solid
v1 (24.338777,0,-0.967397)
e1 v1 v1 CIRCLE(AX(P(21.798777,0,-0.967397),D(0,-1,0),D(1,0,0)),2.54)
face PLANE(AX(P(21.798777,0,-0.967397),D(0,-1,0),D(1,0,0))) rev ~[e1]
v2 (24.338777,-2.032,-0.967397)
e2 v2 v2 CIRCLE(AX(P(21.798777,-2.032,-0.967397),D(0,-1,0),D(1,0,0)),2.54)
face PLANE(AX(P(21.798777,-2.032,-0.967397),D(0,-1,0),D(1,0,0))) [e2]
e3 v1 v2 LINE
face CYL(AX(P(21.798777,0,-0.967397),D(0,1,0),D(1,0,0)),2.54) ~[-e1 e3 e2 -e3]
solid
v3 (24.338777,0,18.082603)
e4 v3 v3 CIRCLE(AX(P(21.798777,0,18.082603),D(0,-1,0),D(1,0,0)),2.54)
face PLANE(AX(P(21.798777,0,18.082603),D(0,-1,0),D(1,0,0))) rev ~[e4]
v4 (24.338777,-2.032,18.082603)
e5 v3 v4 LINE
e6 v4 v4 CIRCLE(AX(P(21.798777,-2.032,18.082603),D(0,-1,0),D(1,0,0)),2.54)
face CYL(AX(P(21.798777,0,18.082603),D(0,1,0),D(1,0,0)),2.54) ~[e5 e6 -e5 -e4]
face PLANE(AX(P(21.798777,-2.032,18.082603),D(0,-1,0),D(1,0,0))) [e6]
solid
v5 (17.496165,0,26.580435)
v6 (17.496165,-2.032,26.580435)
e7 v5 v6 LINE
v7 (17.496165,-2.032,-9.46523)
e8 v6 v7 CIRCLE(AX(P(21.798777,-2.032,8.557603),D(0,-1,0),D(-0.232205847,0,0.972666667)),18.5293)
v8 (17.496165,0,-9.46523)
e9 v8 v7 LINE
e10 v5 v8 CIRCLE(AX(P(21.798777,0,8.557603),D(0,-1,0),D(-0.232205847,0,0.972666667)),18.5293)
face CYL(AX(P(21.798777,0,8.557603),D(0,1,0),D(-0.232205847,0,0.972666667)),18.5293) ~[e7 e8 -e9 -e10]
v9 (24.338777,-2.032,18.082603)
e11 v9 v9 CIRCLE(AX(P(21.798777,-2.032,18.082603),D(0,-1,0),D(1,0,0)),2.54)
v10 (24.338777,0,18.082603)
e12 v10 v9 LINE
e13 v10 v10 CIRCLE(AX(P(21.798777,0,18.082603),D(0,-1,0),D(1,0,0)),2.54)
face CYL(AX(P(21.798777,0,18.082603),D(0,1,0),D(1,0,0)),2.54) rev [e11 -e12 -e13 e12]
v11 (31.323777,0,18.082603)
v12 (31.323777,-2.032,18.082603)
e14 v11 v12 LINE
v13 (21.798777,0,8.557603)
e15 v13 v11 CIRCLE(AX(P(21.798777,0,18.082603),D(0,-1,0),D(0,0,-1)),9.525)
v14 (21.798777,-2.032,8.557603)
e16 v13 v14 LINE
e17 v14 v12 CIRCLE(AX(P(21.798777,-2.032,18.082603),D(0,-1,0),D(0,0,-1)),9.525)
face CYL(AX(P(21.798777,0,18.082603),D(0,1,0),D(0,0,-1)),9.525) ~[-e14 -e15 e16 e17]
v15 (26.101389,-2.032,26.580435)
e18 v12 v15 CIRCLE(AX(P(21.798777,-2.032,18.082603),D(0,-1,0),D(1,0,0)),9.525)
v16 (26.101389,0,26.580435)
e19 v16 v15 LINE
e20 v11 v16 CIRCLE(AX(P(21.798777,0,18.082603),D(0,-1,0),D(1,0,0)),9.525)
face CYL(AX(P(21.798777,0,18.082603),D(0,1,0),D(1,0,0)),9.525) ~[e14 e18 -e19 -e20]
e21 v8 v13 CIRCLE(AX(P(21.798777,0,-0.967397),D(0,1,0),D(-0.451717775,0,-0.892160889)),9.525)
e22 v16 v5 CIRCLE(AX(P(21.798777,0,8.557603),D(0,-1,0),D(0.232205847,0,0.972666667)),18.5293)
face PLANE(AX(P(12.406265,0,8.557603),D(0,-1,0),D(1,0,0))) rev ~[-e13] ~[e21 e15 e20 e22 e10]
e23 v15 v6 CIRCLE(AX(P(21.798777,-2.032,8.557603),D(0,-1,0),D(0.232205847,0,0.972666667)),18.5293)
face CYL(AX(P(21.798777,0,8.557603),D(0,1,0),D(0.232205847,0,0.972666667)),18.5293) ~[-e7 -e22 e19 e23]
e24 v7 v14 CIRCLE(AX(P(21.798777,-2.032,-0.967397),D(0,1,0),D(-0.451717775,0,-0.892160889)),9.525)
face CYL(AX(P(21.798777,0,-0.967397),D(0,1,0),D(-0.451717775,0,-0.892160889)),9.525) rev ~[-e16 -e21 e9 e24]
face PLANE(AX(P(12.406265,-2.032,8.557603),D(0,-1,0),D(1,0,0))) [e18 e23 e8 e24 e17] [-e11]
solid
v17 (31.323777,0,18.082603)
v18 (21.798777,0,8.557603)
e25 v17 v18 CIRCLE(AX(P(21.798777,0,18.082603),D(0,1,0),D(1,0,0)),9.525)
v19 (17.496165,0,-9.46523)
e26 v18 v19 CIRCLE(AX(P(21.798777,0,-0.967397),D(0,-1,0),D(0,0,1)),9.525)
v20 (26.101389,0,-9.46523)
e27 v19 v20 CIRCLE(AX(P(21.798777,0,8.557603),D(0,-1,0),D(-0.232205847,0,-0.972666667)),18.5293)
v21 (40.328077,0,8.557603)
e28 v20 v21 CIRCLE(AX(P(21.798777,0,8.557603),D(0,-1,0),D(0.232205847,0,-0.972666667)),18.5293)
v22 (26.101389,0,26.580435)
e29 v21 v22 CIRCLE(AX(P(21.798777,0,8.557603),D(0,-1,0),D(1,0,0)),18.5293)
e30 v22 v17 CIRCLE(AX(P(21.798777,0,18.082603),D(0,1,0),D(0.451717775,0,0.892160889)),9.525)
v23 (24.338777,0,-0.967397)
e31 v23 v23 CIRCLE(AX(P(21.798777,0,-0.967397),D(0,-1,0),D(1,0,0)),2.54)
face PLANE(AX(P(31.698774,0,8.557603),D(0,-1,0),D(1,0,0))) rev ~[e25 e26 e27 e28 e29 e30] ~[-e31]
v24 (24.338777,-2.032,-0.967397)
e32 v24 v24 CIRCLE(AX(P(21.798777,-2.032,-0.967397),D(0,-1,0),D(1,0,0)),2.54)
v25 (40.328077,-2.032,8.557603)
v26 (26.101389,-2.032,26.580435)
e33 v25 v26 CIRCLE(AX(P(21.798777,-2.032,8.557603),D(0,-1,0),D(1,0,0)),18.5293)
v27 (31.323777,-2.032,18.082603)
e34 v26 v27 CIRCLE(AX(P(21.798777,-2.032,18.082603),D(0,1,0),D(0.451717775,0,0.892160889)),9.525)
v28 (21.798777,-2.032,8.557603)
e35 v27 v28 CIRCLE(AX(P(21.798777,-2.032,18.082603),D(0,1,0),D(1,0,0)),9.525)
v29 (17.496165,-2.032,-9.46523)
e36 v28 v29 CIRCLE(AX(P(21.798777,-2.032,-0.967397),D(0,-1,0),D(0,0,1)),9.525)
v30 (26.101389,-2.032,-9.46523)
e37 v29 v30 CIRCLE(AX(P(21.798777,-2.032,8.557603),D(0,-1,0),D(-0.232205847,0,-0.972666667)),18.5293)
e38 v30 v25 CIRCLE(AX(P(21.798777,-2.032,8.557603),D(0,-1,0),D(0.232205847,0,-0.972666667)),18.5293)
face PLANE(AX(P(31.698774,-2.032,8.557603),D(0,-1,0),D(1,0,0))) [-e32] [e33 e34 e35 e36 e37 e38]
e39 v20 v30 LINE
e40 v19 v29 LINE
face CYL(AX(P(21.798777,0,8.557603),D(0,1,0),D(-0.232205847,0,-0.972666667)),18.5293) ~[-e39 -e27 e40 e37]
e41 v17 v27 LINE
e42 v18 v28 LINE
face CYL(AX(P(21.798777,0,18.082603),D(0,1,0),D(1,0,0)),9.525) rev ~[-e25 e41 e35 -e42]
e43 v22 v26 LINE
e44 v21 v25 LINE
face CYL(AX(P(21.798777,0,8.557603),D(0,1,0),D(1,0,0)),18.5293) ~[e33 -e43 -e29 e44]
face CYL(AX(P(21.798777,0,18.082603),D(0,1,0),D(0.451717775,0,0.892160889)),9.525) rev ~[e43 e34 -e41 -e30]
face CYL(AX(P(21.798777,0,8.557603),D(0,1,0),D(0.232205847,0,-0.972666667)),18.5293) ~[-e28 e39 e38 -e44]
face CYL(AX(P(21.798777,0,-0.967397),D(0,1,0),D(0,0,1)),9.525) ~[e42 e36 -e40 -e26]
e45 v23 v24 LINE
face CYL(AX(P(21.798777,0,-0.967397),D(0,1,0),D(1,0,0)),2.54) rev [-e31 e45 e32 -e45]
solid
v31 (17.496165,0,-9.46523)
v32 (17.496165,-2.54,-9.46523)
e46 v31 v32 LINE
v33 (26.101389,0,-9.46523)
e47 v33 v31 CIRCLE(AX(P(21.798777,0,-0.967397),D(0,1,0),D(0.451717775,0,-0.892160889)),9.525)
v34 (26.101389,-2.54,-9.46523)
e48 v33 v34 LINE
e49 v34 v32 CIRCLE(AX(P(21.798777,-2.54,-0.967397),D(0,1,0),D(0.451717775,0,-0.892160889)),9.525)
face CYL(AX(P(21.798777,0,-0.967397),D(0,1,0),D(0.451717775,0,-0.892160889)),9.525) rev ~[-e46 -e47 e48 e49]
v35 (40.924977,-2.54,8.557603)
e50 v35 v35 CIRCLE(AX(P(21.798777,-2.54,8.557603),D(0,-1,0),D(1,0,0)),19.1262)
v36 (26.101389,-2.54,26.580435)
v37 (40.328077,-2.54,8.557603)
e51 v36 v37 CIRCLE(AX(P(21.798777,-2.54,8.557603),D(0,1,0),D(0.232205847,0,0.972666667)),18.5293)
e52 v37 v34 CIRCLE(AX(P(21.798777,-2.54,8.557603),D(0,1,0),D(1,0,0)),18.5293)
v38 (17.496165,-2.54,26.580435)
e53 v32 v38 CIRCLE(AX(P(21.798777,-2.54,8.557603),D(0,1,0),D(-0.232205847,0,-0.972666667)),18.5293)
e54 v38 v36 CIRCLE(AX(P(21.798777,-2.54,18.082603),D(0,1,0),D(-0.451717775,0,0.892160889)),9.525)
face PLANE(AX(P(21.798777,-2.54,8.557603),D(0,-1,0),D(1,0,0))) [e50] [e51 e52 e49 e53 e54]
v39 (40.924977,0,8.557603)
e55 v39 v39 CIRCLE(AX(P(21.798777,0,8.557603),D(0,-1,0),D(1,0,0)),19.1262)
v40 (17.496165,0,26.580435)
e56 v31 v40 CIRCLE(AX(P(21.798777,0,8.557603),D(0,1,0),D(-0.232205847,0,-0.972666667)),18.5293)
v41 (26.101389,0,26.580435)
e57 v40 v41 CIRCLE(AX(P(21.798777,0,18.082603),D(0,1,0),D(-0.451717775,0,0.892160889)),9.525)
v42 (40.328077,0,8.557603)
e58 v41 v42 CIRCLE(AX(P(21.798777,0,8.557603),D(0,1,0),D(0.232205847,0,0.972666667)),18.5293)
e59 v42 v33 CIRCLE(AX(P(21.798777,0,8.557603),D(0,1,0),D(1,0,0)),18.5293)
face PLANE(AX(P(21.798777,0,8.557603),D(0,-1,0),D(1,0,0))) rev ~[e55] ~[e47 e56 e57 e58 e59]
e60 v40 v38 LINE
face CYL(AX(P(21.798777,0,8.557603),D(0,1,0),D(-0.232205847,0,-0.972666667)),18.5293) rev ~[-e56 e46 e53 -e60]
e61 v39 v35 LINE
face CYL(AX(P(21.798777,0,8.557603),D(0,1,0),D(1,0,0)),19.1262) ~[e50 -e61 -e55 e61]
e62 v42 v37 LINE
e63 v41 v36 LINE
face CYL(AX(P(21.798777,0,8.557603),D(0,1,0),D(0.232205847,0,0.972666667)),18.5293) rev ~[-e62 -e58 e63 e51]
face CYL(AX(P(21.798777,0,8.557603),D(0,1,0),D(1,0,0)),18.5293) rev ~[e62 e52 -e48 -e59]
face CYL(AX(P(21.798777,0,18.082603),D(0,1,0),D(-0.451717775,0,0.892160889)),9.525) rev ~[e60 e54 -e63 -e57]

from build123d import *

# Parameters (mm, degrees)
F0_R     = 2.54
F1_DEPTH = 2.032
F2_DEPTH = 2.032
F0_R_2   = 19.1262
F3_DEPTH = 2.54


with BuildPart() as f1:
    # F0 (on Front) → F1 (new body)
    with BuildSketch(Plane.XZ):
        with BuildLine():
            ThreePointArc((21.798777159, 8.5576027294), (12.534127159, 15.8708420332), (17.4961653512, 26.5804351961))
            ThreePointArc((17.4961653512, 26.5804351961), (3.269477159, 8.5576027294), (17.4961653512, -9.4652297372))
            ThreePointArc((17.4961653512, -9.4652297372), (12.534127159, 1.2443634257), (21.798777159, 8.5576027294))
        make_face()
        with BuildLine():
            ThreePointArc((31.323777159, 18.0826027294), (29.913824986, 23.0697485831), (26.1013889668, 26.5804351961))
            ThreePointArc((26.1013889668, 26.5804351961), (21.798777159, 27.0869027294), (17.4961653512, 26.5804351961))
            ThreePointArc((17.4961653512, 26.5804351961), (12.534127159, 15.8708420332), (21.798777159, 8.5576027294))
            ThreePointArc((21.798777159, 8.5576027294), (28.5339692498, 11.3474106386), (31.323777159, 18.0826027294))
        make_face()
        with Locations((21.798777159, 18.0826027294)):
            Circle(F0_R, mode=Mode.SUBTRACT)
    extrude(amount=F1_DEPTH)


with BuildPart() as f1b:
    # F0 (on Front) → F1, piece 2 (new body)
    with BuildSketch(Plane.XZ):
        with Locations((21.798777159, -0.9673972706)):
            Circle(F0_R)
    extrude(amount=F1_DEPTH)


with BuildPart() as f2:
    # F0 (on Front) → F2 (new body)
    with BuildSketch(Plane.XZ):
        with BuildLine():
            ThreePointArc((26.1013889668, -9.4652297372), (36.3428368305, -2.9230456303), (40.328077159, 8.5576027294))
            ThreePointArc((40.328077159, 8.5576027294), (36.3428368305, 20.0382510892), (26.1013889668, 26.5804351961))
            ThreePointArc((26.1013889668, 26.5804351961), (29.913824986, 23.0697485831), (31.323777159, 18.0826027294))
            ThreePointArc((31.323777159, 18.0826027294), (28.5339692498, 11.3474106386), (21.798777159, 8.5576027294))
            ThreePointArc((21.798777159, 8.5576027294), (28.5339692498, 5.7677948202), (31.323777159, -0.9673972706))
            ThreePointArc((31.323777159, -0.9673972706), (29.913824986, -5.9545431242), (26.1013889668, -9.4652297372))
        make_face()
        with BuildLine():
            ThreePointArc((17.4961653512, -9.4652297372), (21.798777159, -9.9716972706), (26.1013889668, -9.4652297372))
            ThreePointArc((26.1013889668, -9.4652297372), (29.913824986, -5.9545431242), (31.323777159, -0.9673972706))
            ThreePointArc((31.323777159, -0.9673972706), (28.5339692498, 5.7677948202), (21.798777159, 8.5576027294))
            ThreePointArc((21.798777159, 8.5576027294), (12.534127159, 1.2443634257), (17.4961653512, -9.4652297372))
        make_face()
        with Locations((21.798777159, -0.9673972706)):
            Circle(F0_R, mode=Mode.SUBTRACT)
    extrude(amount=F2_DEPTH)


with BuildPart() as f2b:
    # F0 (on Front) → F2, piece 2 (new body)
    with BuildSketch(Plane.XZ):
        with Locations((21.798777159, 18.0826027294)):
            Circle(F0_R)
    extrude(amount=F2_DEPTH)


with BuildPart() as f3:
    # F0 (on Front) → F3 (new body)
    with BuildSketch(Plane.XZ):
        with Locations((21.798777159, 8.5576027294)):
            Circle(F0_R_2)
        with BuildLine():
            ThreePointArc((26.1013889668, 26.5804351961), (36.3428368305, 20.0382510892), (40.328077159, 8.5576027294))
            ThreePointArc((40.328077159, 8.5576027294), (36.3428368305, -2.9230456303), (26.1013889668, -9.4652297372))
            ThreePointArc((26.1013889668, -9.4652297372), (21.798777159, -10.4923972706), (17.4961653512, -9.4652297372))
            ThreePointArc((17.4961653512, -9.4652297372), (3.269477159, 8.5576027294), (17.4961653512, 26.5804351961))
            ThreePointArc((17.4961653512, 26.5804351961), (21.798777159, 27.6076027294), (26.1013889668, 26.5804351961))
        make_face(mode=Mode.SUBTRACT)
    extrude(amount=F3_DEPTH)


solid = Compound([f1.part, f1b.part, f2.part, f2b.part, f3.part])
